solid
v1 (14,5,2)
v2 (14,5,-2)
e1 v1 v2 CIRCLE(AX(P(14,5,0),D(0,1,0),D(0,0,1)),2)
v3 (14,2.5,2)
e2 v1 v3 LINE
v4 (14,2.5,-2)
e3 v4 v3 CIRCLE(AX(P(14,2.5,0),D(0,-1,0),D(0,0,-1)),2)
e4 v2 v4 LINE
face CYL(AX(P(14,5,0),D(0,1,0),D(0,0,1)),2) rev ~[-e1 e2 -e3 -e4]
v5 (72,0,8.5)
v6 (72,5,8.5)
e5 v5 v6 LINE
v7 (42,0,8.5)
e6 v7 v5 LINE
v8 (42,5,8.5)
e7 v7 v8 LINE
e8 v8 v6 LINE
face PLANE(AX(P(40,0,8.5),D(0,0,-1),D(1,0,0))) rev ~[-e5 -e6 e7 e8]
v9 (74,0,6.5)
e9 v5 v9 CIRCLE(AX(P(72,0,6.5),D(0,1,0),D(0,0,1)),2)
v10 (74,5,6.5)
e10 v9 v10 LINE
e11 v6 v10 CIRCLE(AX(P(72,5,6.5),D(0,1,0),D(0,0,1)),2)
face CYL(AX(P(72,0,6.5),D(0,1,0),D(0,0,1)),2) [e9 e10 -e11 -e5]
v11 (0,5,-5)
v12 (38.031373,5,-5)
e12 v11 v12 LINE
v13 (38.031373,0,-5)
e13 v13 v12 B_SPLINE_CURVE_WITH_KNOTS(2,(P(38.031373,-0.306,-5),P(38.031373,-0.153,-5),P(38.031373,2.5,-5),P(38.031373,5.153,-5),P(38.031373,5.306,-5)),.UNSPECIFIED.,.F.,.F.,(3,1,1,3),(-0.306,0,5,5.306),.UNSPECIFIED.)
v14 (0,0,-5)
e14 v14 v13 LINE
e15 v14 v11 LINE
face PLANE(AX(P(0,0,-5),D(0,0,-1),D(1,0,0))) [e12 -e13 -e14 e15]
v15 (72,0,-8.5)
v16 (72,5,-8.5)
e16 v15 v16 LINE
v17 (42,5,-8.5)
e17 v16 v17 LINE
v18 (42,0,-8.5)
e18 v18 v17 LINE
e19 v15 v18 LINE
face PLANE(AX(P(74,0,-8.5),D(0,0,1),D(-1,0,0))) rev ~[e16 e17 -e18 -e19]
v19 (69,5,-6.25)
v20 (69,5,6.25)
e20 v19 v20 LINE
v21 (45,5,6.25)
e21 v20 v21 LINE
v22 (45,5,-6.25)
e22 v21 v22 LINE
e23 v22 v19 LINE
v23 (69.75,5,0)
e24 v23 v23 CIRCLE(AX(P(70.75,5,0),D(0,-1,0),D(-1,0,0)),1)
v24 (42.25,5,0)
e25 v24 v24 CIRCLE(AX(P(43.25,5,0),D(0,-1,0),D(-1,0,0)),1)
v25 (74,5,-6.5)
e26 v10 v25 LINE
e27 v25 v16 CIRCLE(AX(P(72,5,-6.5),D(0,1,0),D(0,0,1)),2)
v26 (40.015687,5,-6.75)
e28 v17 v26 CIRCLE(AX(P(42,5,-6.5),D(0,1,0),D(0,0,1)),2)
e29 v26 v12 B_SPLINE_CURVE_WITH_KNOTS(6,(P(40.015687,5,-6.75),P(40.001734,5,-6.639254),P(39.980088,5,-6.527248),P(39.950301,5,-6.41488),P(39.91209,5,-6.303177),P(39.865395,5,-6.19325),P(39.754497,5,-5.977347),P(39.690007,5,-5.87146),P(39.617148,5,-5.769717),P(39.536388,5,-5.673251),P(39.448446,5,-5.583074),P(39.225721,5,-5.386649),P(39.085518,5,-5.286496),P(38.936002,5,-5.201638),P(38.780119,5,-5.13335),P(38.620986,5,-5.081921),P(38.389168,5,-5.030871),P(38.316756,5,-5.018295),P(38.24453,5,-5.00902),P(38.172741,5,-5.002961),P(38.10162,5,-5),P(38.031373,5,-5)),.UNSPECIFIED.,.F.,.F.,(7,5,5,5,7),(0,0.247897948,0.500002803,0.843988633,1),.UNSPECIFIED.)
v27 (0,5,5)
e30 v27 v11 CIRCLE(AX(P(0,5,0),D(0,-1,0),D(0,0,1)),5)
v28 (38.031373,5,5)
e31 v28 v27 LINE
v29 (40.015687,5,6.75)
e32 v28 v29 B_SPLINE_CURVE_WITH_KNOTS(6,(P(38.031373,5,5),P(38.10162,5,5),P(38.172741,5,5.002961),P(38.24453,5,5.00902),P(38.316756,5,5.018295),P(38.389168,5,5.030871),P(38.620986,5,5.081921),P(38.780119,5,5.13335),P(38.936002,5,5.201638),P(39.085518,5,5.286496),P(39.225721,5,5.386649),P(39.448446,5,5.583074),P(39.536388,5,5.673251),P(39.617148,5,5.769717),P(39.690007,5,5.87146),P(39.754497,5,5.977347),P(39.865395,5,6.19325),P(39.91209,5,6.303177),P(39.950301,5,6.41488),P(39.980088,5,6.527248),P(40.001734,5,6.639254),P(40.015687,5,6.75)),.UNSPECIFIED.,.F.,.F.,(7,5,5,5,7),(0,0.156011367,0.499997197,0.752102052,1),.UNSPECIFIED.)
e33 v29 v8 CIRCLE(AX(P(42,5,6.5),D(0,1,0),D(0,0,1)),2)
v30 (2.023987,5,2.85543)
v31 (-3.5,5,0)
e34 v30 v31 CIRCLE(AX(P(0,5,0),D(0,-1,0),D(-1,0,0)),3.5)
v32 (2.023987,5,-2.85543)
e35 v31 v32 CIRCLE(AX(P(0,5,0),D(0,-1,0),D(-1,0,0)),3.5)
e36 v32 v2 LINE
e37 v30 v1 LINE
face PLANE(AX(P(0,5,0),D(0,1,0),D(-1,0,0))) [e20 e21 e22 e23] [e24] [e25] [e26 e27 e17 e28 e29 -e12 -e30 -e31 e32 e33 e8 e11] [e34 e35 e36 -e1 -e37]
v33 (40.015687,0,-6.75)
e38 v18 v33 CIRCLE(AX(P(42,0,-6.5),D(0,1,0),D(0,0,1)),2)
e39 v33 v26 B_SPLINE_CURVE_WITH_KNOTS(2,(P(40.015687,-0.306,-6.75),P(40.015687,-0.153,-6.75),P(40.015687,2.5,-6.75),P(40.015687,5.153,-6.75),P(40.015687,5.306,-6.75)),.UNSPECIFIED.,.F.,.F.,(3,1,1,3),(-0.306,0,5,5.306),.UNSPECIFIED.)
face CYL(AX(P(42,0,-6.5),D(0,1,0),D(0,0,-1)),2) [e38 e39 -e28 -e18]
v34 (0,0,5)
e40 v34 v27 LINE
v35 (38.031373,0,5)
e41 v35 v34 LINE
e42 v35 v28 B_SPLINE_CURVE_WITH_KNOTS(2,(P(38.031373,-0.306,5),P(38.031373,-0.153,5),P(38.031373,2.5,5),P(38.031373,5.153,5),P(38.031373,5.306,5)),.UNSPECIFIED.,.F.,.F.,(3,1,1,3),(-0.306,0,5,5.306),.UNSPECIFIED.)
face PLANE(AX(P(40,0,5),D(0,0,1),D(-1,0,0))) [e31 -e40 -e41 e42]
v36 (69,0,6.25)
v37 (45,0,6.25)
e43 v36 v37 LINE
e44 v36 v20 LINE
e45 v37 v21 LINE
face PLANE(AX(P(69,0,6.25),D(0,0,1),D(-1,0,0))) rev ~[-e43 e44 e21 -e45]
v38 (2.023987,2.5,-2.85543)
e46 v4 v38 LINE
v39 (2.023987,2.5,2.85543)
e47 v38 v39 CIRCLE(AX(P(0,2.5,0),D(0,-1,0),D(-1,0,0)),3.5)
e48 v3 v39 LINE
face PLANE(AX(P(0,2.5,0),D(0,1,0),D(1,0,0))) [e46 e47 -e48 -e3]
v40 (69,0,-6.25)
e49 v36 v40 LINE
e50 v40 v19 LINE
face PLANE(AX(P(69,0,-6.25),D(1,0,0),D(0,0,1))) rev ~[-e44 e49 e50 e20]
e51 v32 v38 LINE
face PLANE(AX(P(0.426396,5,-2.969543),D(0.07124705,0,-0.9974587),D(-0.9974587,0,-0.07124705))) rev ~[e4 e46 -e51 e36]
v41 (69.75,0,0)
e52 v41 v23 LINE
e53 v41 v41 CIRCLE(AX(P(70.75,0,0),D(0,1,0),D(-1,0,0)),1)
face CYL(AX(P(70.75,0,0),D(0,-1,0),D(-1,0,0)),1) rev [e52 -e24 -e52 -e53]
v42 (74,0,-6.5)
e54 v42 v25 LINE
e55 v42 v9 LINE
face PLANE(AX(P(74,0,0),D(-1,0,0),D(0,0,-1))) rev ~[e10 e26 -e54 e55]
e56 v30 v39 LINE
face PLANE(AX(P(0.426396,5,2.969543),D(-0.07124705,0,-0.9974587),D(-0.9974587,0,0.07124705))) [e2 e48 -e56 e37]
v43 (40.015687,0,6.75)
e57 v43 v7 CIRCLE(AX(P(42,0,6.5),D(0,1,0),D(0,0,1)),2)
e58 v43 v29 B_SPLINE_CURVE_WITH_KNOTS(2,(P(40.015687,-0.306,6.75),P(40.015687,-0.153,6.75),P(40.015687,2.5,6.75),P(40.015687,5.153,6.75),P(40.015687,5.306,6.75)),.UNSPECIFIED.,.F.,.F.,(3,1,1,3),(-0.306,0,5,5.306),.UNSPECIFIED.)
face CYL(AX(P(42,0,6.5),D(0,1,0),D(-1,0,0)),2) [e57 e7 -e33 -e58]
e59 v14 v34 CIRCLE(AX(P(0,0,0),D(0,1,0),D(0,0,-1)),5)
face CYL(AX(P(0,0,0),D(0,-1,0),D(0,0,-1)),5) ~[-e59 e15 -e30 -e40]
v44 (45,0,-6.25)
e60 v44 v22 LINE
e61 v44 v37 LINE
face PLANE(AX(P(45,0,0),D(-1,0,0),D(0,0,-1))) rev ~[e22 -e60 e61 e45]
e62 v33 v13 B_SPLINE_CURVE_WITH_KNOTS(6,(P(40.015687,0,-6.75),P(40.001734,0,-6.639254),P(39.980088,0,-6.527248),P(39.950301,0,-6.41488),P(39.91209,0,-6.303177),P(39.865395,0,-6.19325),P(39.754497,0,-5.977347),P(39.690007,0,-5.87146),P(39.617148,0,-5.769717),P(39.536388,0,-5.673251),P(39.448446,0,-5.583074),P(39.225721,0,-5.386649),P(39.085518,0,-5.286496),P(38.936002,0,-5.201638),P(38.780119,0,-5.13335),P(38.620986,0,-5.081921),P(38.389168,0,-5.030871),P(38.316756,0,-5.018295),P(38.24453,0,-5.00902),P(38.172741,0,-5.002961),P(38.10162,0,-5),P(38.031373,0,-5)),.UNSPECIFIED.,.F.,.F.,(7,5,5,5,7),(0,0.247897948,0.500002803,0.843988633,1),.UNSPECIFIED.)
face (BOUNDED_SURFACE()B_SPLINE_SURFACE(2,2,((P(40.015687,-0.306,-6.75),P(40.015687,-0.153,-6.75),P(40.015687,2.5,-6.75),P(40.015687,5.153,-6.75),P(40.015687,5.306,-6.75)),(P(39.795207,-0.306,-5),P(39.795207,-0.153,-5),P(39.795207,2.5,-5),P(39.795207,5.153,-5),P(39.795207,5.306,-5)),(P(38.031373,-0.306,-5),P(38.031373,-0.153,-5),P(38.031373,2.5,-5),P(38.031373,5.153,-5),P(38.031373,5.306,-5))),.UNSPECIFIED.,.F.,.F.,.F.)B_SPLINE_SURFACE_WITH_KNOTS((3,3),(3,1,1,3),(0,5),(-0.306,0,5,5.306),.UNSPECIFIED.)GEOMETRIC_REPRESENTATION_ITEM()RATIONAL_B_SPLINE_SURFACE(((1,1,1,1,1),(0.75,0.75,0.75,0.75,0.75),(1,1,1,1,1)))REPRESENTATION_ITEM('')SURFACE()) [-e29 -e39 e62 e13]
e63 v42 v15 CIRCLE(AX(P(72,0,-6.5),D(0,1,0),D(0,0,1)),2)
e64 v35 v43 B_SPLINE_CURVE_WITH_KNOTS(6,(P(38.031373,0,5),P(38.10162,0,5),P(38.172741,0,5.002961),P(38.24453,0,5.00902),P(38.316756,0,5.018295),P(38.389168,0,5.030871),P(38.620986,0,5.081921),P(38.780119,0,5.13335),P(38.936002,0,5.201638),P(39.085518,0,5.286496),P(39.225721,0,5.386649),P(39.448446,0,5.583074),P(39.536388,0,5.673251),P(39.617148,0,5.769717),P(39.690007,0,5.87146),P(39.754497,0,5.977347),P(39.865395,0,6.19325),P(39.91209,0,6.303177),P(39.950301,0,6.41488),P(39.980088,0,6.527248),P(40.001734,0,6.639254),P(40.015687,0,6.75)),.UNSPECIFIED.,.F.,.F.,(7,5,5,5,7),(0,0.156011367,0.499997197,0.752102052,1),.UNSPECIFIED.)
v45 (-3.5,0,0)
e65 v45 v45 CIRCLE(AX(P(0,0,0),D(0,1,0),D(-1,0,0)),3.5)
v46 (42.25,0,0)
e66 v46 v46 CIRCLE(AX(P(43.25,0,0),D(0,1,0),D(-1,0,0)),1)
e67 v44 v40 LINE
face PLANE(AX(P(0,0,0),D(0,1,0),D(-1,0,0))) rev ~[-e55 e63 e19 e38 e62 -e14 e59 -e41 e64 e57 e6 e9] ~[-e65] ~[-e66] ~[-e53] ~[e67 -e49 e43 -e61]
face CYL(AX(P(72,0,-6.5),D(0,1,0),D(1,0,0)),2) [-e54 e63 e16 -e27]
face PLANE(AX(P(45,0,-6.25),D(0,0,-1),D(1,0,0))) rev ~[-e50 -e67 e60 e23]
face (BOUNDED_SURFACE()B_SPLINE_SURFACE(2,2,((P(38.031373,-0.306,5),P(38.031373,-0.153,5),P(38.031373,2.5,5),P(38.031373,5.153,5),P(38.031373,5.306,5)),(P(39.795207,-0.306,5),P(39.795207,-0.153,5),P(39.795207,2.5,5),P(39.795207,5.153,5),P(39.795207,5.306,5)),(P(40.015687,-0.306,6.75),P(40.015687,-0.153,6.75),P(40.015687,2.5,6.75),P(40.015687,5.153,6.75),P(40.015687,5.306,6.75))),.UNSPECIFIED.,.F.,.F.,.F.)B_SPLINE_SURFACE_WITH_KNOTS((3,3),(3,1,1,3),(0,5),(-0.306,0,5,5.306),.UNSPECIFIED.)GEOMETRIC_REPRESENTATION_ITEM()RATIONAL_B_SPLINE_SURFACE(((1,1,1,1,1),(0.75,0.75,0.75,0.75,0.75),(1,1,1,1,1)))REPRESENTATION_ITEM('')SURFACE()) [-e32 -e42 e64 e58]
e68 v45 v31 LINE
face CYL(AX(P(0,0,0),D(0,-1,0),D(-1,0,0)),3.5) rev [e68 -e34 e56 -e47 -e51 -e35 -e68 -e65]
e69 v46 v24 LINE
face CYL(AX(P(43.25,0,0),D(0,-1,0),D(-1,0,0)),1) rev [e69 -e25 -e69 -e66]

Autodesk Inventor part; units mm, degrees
ref_plane "YZ Plane" through (0, 0, 0) normal (1, 0, 0) x (0, 1, 0)
ref_plane "XZ Plane" through (0, 0, 0) normal (0, 1, 0) x (-1, 0, 0)
ref_plane "XY Plane" through (0, 0, 0) normal (0, 0, 1) x (1, 0, 0)
sketch "Sketch1" plane through (0, 0, 0) normal (0, 1, 0) x (-1, 0, 0)
  circle A0 centre (0, 0) radius 3.5
  line L0 (0, -5) -> (-40, -5)
  line L1 (-40, -5) -> (-40, 5) construction
  line L2 (-40, 5) -> (0, 5)
  line L3 (0, 5) -> (0, -5) construction
  line L4 (-74, -8.5) -> (-40, -8.5)
  line L5 (-40, -8.5) -> (-40, 8.5)
  line L6 (-40, 8.5) -> (-74, 8.5)
  line L7 (-74, 8.5) -> (-74, -8.5)
  line L8 (20.8, 0) -> (-89.8, 0) projected
  line L9 (0, -11.9) -> (0, 11.9) projected
  arc A1 (0, -5) -> (0, 5) centre (0, 0) ccw
  line L10 (0, 0) -> (0, -5) construction
  line L11 (0, 0) -> (5, 0) construction
  line L12 (0, 0) -> (0, 5) construction
  line L13 (-57, -8.5) -> (-57, 8.5) construction
  line L14 (-45, -6.25) -> (-69, -6.25)
  line L15 (-69, -6.25) -> (-69, 6.25)
  line L16 (-69, 6.25) -> (-45, 6.25)
  line L17 (-45, 6.25) -> (-45, -6.25)
  line L18 (-45, -6.25) -> (-69, 6.25) construction
  line L19 (-69, -6.25) -> (-45, 6.25) construction
  line L20 (-43.25, 0) -> (-70.75, 0) construction
  circle A2 centre (-43.25, 0) radius 1
  circle A3 centre (-70.75, 0) radius 1
  point P0 (-40, 0)
  point P1 (-57, 0)
  point P2 (-57, 0)
  dimension "d0" = 7
  dimension "d2" = 5
  dimension "d3" = 90
  dimension "d4" = 180
  dimension "d5" = 24
  dimension "d6" = 12.5
  dimension "d7" = 17
  dimension "d8" = 34
  dimension "d9" = 2
  dimension "d10" = 27.5
  dimension "d11" = 40
extrude "Extrusion1" add sketch "Sketch1" along normal blind 5 contours L8 A1 L9 A0 | A0 L9 A1 L8 | A0 L8 L5 L2 L9 | L9 L0 L5 L8 A0 | L8 A2 L17 L16 L15 A3 L7 L6 L5 | L5 L4 L7 L8 A3 L15 L14 L17 A2
sketch "Sketch2" plane through (0, 5, 0) normal (0, 1, 0) x (1, 0, 0)
  circle A0 centre (0, 0) radius 3
  arc A1 (14, -2) -> (14, 2) centre (14, 0) ccw
  line L0 (14, 0) -> (14, 2) construction
  line L1 (14, 0) -> (16, 0) construction
  line L2 (14, 0) -> (14, -2) construction
  line L3 (0, 11.9) -> (0, -11.9) projected
  line L4 (-20.8, 0) -> (89.8, 0) projected
  line L5 (14, 2) -> (0, 3)
  line L6 (14, -2) -> (0, -3)
  dimension "d14" = 6
  dimension "d16" = 90
  dimension "d17" = 180
  dimension "d18" = 14
  dimension "d22" = 2
extrude "Extrusion2" cut sketch "Sketch2" against normal blind 2.5 contours L4 L3 L5 A0 | L4 A1 L6 A0 | A0 L6 L3 L4 | A0 L5 A1 L4 | L4 A0 L3 | L3 A0 L4
fillet "Fillet1" radius 2 6 edges at (40, 2.5, 8.5) (74, 2.5, 8.5) (74, 2.5, -8.5) (40, 2.5, -8.5) (40, 2.5, -5) (40, 2.5, 5)
properties part number "link2"
